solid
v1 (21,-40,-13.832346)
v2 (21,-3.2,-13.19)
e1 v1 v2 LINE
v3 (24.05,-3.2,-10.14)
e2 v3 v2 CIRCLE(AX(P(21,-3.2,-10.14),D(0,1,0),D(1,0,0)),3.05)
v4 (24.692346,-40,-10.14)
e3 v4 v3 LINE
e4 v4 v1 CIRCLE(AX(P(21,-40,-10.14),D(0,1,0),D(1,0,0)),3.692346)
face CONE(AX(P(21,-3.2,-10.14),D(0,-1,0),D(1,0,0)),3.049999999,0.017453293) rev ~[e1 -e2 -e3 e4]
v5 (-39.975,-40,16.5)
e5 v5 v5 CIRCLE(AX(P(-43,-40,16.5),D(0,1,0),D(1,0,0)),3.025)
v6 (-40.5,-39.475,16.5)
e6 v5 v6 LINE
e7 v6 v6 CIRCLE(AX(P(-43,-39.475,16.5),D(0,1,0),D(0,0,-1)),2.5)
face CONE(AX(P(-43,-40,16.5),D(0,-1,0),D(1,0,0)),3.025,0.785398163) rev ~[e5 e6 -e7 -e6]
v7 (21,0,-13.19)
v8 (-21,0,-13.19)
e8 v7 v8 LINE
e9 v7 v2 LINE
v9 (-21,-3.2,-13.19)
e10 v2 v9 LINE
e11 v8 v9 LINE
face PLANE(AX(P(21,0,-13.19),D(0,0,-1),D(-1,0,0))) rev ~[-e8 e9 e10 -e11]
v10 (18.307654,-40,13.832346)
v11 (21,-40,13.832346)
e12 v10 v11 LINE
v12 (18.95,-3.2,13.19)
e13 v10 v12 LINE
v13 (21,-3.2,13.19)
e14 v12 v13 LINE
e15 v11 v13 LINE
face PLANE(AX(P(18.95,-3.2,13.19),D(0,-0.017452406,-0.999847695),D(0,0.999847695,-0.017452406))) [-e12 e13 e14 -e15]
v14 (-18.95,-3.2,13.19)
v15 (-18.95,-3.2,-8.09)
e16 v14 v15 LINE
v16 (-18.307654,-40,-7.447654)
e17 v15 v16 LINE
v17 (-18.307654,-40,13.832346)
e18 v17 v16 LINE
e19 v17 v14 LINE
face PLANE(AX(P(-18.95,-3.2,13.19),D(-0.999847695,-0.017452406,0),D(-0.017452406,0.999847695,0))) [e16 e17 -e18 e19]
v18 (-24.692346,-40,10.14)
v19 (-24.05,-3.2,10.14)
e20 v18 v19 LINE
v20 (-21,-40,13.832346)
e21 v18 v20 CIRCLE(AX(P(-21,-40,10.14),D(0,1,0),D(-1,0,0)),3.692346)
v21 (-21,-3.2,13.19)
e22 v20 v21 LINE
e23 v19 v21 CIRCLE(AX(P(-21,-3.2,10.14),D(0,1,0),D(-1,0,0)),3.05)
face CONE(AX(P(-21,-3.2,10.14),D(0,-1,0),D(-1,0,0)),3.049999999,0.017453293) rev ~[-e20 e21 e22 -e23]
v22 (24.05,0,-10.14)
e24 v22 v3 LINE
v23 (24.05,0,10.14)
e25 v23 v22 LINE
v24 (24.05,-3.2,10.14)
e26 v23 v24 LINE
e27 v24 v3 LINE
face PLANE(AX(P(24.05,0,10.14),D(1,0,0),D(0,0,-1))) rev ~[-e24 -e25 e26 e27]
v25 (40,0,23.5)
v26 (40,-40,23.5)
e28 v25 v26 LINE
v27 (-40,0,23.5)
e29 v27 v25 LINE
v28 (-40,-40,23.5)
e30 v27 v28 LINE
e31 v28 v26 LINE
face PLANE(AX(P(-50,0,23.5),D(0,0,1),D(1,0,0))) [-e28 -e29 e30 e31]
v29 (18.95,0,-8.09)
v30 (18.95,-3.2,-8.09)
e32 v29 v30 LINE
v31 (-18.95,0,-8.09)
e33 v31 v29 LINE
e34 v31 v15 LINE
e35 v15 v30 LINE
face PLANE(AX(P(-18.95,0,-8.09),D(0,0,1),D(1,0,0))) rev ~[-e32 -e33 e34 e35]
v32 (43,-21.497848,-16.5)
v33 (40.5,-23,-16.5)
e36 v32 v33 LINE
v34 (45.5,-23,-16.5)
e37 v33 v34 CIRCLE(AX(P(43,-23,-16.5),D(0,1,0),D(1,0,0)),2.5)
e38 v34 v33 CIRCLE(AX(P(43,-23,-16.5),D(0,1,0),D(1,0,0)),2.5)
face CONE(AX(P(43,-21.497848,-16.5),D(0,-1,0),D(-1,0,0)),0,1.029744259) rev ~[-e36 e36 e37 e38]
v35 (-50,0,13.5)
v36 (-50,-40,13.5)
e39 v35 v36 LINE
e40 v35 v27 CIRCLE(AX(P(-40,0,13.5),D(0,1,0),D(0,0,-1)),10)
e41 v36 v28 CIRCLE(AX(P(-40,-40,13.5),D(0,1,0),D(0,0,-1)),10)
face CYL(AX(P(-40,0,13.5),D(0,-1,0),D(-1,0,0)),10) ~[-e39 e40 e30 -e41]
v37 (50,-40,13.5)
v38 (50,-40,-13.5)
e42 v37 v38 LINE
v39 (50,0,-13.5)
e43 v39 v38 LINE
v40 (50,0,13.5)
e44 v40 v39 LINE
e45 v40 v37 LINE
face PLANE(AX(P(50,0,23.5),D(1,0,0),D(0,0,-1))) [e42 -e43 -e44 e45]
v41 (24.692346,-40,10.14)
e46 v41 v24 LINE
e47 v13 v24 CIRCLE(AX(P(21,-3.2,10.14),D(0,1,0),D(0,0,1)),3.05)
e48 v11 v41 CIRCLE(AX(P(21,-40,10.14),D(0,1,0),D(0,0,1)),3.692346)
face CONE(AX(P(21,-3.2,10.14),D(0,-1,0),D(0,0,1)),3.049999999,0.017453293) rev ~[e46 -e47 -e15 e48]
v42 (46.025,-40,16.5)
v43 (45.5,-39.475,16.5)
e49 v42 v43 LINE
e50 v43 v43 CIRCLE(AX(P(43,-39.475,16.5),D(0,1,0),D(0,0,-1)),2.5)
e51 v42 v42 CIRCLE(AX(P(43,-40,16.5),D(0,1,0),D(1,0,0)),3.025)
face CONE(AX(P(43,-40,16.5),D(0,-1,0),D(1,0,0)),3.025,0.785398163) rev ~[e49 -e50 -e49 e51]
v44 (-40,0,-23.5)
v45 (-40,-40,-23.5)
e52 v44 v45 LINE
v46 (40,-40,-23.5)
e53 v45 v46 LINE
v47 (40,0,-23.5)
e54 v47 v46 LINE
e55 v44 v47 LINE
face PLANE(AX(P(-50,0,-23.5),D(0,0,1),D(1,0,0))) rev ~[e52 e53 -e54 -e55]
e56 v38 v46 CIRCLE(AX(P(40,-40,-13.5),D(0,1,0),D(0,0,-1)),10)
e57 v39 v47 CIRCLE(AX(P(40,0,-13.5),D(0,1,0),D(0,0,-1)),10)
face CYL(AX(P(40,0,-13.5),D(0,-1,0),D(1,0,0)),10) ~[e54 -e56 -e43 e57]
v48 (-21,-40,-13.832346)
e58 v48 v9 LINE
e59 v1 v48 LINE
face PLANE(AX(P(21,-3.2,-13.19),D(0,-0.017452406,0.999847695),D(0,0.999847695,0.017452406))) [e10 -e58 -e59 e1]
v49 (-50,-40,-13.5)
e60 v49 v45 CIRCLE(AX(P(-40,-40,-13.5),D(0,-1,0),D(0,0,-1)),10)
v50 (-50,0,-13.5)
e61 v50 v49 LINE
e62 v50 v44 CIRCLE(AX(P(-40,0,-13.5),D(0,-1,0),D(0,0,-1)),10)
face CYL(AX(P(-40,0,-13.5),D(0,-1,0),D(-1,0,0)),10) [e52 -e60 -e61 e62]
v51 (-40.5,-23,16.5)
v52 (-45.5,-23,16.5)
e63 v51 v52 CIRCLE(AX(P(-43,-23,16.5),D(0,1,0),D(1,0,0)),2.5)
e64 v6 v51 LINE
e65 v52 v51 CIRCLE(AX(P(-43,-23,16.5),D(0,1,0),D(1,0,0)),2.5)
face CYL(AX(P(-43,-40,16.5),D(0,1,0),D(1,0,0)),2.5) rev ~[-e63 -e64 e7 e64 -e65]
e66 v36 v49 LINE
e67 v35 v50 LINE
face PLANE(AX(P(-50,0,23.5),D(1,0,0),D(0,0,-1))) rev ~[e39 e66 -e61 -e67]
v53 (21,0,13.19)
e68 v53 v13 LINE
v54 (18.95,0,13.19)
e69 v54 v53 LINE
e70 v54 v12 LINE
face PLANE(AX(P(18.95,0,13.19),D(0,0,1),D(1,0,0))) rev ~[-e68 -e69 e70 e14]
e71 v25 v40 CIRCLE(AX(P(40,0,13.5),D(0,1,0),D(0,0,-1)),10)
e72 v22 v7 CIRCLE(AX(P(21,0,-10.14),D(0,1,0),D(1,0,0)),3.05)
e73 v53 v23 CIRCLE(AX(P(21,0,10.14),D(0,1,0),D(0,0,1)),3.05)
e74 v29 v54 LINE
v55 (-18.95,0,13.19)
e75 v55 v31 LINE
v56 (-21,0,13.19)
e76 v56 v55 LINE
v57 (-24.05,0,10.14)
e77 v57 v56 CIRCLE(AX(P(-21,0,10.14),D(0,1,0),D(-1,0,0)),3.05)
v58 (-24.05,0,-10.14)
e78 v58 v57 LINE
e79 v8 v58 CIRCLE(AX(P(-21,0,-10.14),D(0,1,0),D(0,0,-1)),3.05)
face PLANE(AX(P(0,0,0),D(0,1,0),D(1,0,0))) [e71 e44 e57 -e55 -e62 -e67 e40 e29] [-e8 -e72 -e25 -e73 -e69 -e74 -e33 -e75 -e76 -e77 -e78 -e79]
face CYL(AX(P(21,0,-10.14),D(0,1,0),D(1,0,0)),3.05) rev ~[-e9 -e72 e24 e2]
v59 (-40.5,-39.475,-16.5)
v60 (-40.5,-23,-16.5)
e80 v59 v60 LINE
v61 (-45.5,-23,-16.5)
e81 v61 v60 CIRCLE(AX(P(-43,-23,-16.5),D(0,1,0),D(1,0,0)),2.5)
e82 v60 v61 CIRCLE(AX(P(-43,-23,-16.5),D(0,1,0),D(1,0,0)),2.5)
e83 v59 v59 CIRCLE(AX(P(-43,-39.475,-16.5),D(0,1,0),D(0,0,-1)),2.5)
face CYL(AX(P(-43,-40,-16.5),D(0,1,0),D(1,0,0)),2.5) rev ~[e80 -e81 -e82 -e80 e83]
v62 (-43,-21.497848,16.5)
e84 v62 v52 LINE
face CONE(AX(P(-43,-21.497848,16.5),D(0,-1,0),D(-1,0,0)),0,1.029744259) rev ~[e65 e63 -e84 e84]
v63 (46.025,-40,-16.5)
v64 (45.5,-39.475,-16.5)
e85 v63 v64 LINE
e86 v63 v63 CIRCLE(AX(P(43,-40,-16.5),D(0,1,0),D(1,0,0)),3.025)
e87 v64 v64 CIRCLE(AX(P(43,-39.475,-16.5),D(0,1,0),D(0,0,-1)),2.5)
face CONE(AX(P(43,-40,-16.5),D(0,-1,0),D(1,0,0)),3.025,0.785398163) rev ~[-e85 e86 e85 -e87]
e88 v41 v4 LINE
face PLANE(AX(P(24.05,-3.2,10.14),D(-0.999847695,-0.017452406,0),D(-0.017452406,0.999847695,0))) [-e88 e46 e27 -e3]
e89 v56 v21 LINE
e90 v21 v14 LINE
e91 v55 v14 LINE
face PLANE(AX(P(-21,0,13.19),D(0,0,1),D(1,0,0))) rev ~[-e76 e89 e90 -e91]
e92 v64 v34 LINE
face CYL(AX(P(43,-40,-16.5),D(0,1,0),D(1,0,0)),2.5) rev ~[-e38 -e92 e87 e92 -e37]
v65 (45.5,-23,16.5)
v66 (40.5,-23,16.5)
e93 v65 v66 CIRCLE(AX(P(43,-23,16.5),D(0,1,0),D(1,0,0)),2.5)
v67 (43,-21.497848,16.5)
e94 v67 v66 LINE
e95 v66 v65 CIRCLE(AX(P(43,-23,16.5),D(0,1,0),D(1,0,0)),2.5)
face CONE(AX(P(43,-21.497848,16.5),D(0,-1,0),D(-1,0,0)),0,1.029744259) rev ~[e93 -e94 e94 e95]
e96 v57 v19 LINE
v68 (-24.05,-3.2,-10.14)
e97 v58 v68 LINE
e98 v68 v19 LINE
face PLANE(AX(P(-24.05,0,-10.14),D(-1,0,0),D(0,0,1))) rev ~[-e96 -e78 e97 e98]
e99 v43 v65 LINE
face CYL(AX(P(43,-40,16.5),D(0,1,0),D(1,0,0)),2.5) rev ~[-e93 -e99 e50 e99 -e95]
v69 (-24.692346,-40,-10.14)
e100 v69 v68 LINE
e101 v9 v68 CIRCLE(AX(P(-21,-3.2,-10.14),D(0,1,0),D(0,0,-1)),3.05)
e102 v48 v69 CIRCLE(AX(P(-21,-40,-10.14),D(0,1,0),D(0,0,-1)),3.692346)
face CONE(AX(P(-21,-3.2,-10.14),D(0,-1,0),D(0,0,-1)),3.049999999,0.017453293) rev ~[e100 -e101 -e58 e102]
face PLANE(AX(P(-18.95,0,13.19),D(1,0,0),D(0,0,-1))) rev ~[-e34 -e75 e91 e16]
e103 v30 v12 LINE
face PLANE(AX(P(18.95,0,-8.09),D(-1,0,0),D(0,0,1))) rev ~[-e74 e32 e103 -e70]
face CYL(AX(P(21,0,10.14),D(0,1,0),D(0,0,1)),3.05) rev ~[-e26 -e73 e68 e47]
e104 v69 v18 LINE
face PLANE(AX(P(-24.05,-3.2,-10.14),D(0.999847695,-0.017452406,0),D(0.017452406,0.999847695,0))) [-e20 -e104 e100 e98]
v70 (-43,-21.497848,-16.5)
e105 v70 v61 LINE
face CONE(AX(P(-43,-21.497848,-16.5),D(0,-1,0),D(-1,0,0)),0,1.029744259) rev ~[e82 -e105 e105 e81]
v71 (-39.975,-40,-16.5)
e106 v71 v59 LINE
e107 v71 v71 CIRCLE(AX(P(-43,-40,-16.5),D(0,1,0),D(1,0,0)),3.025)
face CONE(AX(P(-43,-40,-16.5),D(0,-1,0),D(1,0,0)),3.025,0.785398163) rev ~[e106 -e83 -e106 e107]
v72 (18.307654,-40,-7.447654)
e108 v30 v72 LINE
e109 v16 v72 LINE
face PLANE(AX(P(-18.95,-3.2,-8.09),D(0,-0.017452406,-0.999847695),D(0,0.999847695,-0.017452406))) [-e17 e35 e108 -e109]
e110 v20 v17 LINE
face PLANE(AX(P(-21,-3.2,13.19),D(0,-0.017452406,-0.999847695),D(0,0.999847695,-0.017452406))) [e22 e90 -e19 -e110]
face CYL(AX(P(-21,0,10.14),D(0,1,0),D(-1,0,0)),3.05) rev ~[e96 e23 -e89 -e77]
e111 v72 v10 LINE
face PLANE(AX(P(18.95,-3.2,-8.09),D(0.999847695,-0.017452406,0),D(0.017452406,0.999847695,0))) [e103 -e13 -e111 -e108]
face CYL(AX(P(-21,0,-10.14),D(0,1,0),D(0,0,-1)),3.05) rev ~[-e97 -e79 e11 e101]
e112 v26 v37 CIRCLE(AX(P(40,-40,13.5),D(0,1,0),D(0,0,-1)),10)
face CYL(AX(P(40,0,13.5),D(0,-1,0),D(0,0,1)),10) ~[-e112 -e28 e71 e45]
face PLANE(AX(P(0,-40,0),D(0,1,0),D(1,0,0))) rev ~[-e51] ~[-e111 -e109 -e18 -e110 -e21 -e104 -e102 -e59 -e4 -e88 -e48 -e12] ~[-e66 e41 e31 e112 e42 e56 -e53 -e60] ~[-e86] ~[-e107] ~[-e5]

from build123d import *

# Parameters (mm, degrees)
SKETCH2_W                   = 100
SKETCH2_H                   = 47
BOSS_EXTRUDE1_DEPTH         = 40
FILLET1_R                   = 10
CUT_EXTRUDE1_REACH          = 70.207
M6_TAPPED_HOLE1_D           = 5
M6_TAPPED_HOLE1_DEPTH       = 17
M6_TAPPED_HOLE1_CSINK_D     = 6.05
M6_TAPPED_HOLE1_CSINK_ANGLE = 90
M6_TAPPED_HOLE1_TIP         = 1.502151548


with BuildPart() as part:
    # Sketch2 → Boss-Extrude1 (new body)
    with BuildSketch(Plane(origin=(0, 0, 0), x_dir=(1, 0, 0), z_dir=(0, 1, 0))):
        Rectangle(SKETCH2_W, SKETCH2_H)
    extrude(amount=-BOSS_EXTRUDE1_DEPTH)

    # Fillet1
    fillet1_edges = [part.edges().sort_by_distance(p)[0] for p in [
        (50, -20, 23.5),
        (-50, -20, 23.5),
        (-50, -20, -23.5),
        (50, -20, -23.5),
    ]]
    fillet(fillet1_edges, radius=FILLET1_R)

    # Sketch3 → Cut-Extrude1 (cut, up to next)
    with BuildSketch(Plane(origin=(0, 0, 0), x_dir=(1, 0, 0), z_dir=(0, 1, 0)), mode=Mode.PRIVATE) as cut_extrude1_sk1:
        with BuildLine():
            Line((24.05, -10.14), (24.05, 10.14))
            ThreePointArc((24.05, 10.14), (23.156675683, 12.296675683), (21, 13.19))
            Line((21, 13.19), (-21, 13.19))
            ThreePointArc((-21, 13.19), (-23.156675683, 12.296675683), (-24.05, 10.14))
            Line((-24.05, 10.14), (-24.05, -10.14))
            ThreePointArc((-24.05, -10.14), (-23.156675683, -12.296675683), (-21, -13.19))
            Line((-21, -13.19), (-18.95, -13.19))
            Line((-18.95, -13.19), (-18.95, 8.09))
            Line((-18.95, 8.09), (18.95, 8.09))
            Line((18.95, 8.09), (18.95, -13.19))
            Line((18.95, -13.19), (21, -13.19))
            ThreePointArc((21, -13.19), (23.156675683, -12.296675683), (24.05, -10.14))
        make_face()
    cut_extrude1_tool1 = extrude(cut_extrude1_sk1.sketch, amount=-CUT_EXTRUDE1_REACH, mode=Mode.PRIVATE) & part.part
    add(cut_extrude1_tool1.solids().sort_by_distance((23.50141, 0, 0))[0], mode=Mode.SUBTRACT)

    # M6 Tapped Hole1
    with Locations(Plane(origin=(0, -40, 0), x_dir=(-1, 0, 0), z_dir=(0, -1, 0))):
        with Locations((-43, 16.5), (43, 16.5), (43, -16.5), (-43, -16.5)):
            CounterSinkHole(M6_TAPPED_HOLE1_D / 2, M6_TAPPED_HOLE1_CSINK_D / 2, depth=M6_TAPPED_HOLE1_DEPTH, counter_sink_angle=M6_TAPPED_HOLE1_CSINK_ANGLE)
            with Locations((0, 0, -(M6_TAPPED_HOLE1_DEPTH + M6_TAPPED_HOLE1_TIP / 2))):  # 118° drill point
                Cone(0, M6_TAPPED_HOLE1_D / 2, M6_TAPPED_HOLE1_TIP, mode=Mode.SUBTRACT)

    # Cut-Sweep1: sweep along a path in Sketch8
    with BuildLine(Plane(origin=(0, 0, 0), x_dir=(1, 0, 0), z_dir=(0, 1, 0))) as cut_sweep1_path:
        Line((18.95, 8.09), (18.95, -13.19))
        Line((18.95, -13.19), (21, -13.19))
        ThreePointArc((21, -13.19), (23.156675683, -12.296675683), (24.05, -10.14))
        Line((24.05, -10.14), (24.05, 10.14))
        ThreePointArc((24.05, 10.14), (23.156675683, 12.296675683), (21, 13.19))
        Line((21, 13.19), (-21, 13.19))
        ThreePointArc((-21, 13.19), (-23.156675683, 12.296675683), (-24.05, 10.14))
        Line((-24.05, 10.14), (-24.05, -10.14))
        ThreePointArc((-24.05, -10.14), (-23.156675683, -12.296675683), (-21, -13.19))
        Line((-21, -13.19), (-18.95, -13.19))
        Line((-18.95, -13.19), (-18.95, 8.09))
        Line((-18.95, 8.09), (18.95, 8.09))
    # Sketch7 → Cut-Sweep1 (sweep, cut)
    with BuildSketch(Plane(origin=(0, 0, 0), x_dir=(0, 0, -1), z_dir=(1, 0, 0))):
        Polygon((13.19, -3.2), (13.832346389, -40), (13.19, -40), align=None)
    sweep(path=cut_sweep1_path.line, transition=Transition.RIGHT, mode=Mode.SUBTRACT)


solid = part.part
